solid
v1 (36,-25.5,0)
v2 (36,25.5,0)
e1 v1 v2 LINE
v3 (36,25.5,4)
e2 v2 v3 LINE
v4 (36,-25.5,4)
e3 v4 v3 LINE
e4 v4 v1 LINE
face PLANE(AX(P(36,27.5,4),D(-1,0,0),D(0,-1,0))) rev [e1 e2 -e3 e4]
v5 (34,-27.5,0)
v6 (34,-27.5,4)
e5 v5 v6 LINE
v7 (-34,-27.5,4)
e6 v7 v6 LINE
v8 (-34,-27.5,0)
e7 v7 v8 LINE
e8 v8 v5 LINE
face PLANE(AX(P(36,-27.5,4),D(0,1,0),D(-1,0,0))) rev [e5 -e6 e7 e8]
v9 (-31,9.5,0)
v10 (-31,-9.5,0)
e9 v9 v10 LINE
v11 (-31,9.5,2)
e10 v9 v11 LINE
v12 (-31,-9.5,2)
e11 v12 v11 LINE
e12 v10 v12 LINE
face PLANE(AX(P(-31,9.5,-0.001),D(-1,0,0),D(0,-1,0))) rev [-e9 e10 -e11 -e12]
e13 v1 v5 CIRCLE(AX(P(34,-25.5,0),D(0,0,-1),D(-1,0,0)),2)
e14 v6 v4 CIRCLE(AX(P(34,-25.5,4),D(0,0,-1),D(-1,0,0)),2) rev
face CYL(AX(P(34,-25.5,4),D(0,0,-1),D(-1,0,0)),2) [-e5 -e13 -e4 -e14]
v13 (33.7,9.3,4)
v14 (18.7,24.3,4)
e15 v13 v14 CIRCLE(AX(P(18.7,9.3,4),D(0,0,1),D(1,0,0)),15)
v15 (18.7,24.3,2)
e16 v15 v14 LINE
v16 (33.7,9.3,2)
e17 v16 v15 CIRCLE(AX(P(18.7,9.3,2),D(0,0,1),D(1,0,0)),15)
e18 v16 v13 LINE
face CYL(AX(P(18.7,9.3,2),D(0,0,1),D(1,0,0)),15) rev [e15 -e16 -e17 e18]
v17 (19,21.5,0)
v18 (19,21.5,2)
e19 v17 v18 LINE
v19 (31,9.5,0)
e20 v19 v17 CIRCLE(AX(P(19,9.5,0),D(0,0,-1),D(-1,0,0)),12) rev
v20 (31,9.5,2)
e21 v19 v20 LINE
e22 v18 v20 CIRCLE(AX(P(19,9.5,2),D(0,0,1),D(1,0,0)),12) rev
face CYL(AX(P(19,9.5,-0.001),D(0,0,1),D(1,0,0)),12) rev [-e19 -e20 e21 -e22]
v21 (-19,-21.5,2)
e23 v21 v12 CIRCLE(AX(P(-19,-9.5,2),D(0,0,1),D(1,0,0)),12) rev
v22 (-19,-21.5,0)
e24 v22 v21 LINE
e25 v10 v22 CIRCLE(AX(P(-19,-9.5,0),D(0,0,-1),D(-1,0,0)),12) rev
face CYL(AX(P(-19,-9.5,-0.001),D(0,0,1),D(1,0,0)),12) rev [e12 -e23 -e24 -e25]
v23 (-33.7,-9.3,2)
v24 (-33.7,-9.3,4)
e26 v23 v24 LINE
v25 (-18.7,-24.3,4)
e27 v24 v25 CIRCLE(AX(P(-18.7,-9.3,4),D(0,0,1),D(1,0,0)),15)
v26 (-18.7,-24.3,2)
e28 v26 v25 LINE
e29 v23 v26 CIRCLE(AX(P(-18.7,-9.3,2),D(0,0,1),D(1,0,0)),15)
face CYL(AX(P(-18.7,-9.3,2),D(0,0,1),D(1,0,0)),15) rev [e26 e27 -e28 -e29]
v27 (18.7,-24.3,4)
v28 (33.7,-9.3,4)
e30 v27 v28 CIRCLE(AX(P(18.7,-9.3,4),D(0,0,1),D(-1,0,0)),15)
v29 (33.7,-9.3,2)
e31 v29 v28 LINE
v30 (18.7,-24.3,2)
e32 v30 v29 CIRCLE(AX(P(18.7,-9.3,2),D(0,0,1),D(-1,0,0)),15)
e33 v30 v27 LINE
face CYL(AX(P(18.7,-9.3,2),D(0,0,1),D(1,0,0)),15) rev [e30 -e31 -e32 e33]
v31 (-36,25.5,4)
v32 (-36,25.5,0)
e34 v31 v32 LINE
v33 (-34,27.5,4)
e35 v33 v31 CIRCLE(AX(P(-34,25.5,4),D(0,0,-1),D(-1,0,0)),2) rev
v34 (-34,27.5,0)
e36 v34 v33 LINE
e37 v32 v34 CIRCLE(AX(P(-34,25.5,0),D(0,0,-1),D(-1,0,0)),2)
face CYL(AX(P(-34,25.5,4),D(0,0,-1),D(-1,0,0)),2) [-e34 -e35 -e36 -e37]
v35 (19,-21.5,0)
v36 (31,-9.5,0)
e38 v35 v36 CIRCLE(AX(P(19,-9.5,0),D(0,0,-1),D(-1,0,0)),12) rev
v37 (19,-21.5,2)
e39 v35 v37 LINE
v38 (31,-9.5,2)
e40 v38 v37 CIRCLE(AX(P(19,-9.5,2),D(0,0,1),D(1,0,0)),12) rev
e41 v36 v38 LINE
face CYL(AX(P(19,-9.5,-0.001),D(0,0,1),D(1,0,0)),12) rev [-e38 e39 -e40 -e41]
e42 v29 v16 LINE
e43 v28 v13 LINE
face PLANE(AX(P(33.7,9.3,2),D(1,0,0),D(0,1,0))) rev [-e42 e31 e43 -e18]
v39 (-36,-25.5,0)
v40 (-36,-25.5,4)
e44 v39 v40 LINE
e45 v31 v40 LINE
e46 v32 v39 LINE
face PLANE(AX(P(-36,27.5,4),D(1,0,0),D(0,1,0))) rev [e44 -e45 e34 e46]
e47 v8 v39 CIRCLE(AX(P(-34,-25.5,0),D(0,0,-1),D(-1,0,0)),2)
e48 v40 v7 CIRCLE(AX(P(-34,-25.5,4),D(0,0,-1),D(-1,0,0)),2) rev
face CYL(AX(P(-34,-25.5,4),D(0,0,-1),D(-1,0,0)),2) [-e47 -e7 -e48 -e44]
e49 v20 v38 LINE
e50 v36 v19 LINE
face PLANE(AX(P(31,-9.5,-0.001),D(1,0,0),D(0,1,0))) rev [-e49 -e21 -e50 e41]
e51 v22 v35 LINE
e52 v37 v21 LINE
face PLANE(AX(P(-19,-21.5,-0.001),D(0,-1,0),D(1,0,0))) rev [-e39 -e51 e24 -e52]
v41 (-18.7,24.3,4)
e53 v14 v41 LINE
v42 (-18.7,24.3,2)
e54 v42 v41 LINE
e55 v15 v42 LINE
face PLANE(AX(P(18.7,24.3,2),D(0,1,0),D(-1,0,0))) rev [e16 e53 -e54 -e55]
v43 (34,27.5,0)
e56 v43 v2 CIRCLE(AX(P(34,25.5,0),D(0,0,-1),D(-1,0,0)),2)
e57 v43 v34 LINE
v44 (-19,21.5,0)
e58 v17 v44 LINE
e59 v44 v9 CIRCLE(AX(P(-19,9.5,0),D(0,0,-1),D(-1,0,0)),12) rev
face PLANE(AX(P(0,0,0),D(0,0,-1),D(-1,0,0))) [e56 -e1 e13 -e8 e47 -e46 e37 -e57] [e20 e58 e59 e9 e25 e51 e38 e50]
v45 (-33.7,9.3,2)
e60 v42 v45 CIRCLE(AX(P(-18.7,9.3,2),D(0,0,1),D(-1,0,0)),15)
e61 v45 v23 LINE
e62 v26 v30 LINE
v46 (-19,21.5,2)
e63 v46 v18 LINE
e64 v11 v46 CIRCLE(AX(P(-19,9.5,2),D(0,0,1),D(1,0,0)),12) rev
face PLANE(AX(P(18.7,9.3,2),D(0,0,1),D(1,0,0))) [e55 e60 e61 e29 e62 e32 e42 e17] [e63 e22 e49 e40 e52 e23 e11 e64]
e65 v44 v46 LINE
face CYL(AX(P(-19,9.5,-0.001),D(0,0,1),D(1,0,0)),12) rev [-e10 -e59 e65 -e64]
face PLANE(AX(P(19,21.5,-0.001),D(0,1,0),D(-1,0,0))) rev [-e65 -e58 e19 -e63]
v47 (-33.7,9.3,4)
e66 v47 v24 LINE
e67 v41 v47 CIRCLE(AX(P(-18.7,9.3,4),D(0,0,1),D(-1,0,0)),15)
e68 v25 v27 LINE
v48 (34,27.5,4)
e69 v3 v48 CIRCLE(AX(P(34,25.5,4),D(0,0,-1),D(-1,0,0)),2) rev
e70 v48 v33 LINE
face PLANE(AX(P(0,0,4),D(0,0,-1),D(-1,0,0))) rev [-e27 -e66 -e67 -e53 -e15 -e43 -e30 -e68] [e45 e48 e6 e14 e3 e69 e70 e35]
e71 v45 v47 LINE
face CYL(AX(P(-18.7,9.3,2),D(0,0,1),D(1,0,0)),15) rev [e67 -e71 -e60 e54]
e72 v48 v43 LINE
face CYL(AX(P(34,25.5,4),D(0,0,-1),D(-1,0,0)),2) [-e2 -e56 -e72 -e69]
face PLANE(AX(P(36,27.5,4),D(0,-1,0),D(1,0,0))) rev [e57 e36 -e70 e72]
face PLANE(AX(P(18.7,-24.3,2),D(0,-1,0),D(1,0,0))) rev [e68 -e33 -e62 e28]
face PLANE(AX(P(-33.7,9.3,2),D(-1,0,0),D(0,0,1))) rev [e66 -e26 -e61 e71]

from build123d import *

# Parameters (mm, degrees)
SKETCH_1_W          = 72
SKETCH_1_H          = 55
EXTRUDE_1_DEPTH     = 4
FILLET_1_R          = 2
CUT_EXTRUDE_1_REACH = 6
CUT_EXTRUDE_2_DEPTH = 2


with BuildPart() as part:
    # 草图1 → 凸台-拉伸1 (new body)
    with BuildSketch(Plane.XY):
        Rectangle(SKETCH_1_W, SKETCH_1_H)
    extrude(amount=EXTRUDE_1_DEPTH)

    # 圆角1
    fillet_1_edges = [part.edges().sort_by_distance(p)[0] for p in [
        (-36, 27.5, 2),
        (36, 27.5, 2),
        (36, -27.5, 2),
        (-36, -27.5, 2),
    ]]
    fillet(fillet_1_edges, radius=FILLET_1_R)

    # 草图2 → 切除-拉伸1 (cut, up to next)
    with BuildSketch(Plane.XY.offset(4), mode=Mode.PRIVATE) as cut_extrude_1_sk1:
        with BuildLine():
            Line((-31, 9.5), (-31, -9.5))
            ThreePointArc((-31, -9.5), (-27.485281374, -17.985281374), (-19, -21.5))
            Line((-19, -21.5), (19, -21.5))
            ThreePointArc((19, -21.5), (27.485281374, -17.985281374), (31, -9.5))
            Line((31, -9.5), (31, 9.5))
            ThreePointArc((31, 9.5), (27.485281374, 17.985281374), (19, 21.5))
            Line((19, 21.5), (-19, 21.5))
            ThreePointArc((-19, 21.5), (-27.485281374, 17.985281374), (-31, 9.5))
        make_face()
    cut_extrude_1_tool1 = extrude(cut_extrude_1_sk1.sketch, amount=-CUT_EXTRUDE_1_REACH, mode=Mode.PRIVATE) & part.part
    add(cut_extrude_1_tool1.solids().sort_by_distance((0, 0, 4))[0], mode=Mode.SUBTRACT)

    # 草图3 → 切除-拉伸2 (cut)
    with BuildSketch(Plane.XY.offset(4)):
        with BuildLine():
            Line((18.7, 24.3), (-18.7, 24.3))
            ThreePointArc((-18.7, 24.3), (-29.306601718, 19.906601718), (-33.7, 9.3))
            Line((-33.7, 9.3), (-33.7, -9.3))
            ThreePointArc((-33.7, -9.3), (-29.306601718, -19.906601718), (-18.7, -24.3))
            Line((-18.7, -24.3), (18.7, -24.3))
            ThreePointArc((18.7, -24.3), (29.306601718, -19.906601718), (33.7, -9.3))
            Line((33.7, -9.3), (33.7, 9.3))
            ThreePointArc((33.7, 9.3), (29.306601718, 19.906601718), (18.7, 24.3))
        make_face()
    extrude(amount=-CUT_EXTRUDE_2_DEPTH, mode=Mode.SUBTRACT)


solid = part.part
